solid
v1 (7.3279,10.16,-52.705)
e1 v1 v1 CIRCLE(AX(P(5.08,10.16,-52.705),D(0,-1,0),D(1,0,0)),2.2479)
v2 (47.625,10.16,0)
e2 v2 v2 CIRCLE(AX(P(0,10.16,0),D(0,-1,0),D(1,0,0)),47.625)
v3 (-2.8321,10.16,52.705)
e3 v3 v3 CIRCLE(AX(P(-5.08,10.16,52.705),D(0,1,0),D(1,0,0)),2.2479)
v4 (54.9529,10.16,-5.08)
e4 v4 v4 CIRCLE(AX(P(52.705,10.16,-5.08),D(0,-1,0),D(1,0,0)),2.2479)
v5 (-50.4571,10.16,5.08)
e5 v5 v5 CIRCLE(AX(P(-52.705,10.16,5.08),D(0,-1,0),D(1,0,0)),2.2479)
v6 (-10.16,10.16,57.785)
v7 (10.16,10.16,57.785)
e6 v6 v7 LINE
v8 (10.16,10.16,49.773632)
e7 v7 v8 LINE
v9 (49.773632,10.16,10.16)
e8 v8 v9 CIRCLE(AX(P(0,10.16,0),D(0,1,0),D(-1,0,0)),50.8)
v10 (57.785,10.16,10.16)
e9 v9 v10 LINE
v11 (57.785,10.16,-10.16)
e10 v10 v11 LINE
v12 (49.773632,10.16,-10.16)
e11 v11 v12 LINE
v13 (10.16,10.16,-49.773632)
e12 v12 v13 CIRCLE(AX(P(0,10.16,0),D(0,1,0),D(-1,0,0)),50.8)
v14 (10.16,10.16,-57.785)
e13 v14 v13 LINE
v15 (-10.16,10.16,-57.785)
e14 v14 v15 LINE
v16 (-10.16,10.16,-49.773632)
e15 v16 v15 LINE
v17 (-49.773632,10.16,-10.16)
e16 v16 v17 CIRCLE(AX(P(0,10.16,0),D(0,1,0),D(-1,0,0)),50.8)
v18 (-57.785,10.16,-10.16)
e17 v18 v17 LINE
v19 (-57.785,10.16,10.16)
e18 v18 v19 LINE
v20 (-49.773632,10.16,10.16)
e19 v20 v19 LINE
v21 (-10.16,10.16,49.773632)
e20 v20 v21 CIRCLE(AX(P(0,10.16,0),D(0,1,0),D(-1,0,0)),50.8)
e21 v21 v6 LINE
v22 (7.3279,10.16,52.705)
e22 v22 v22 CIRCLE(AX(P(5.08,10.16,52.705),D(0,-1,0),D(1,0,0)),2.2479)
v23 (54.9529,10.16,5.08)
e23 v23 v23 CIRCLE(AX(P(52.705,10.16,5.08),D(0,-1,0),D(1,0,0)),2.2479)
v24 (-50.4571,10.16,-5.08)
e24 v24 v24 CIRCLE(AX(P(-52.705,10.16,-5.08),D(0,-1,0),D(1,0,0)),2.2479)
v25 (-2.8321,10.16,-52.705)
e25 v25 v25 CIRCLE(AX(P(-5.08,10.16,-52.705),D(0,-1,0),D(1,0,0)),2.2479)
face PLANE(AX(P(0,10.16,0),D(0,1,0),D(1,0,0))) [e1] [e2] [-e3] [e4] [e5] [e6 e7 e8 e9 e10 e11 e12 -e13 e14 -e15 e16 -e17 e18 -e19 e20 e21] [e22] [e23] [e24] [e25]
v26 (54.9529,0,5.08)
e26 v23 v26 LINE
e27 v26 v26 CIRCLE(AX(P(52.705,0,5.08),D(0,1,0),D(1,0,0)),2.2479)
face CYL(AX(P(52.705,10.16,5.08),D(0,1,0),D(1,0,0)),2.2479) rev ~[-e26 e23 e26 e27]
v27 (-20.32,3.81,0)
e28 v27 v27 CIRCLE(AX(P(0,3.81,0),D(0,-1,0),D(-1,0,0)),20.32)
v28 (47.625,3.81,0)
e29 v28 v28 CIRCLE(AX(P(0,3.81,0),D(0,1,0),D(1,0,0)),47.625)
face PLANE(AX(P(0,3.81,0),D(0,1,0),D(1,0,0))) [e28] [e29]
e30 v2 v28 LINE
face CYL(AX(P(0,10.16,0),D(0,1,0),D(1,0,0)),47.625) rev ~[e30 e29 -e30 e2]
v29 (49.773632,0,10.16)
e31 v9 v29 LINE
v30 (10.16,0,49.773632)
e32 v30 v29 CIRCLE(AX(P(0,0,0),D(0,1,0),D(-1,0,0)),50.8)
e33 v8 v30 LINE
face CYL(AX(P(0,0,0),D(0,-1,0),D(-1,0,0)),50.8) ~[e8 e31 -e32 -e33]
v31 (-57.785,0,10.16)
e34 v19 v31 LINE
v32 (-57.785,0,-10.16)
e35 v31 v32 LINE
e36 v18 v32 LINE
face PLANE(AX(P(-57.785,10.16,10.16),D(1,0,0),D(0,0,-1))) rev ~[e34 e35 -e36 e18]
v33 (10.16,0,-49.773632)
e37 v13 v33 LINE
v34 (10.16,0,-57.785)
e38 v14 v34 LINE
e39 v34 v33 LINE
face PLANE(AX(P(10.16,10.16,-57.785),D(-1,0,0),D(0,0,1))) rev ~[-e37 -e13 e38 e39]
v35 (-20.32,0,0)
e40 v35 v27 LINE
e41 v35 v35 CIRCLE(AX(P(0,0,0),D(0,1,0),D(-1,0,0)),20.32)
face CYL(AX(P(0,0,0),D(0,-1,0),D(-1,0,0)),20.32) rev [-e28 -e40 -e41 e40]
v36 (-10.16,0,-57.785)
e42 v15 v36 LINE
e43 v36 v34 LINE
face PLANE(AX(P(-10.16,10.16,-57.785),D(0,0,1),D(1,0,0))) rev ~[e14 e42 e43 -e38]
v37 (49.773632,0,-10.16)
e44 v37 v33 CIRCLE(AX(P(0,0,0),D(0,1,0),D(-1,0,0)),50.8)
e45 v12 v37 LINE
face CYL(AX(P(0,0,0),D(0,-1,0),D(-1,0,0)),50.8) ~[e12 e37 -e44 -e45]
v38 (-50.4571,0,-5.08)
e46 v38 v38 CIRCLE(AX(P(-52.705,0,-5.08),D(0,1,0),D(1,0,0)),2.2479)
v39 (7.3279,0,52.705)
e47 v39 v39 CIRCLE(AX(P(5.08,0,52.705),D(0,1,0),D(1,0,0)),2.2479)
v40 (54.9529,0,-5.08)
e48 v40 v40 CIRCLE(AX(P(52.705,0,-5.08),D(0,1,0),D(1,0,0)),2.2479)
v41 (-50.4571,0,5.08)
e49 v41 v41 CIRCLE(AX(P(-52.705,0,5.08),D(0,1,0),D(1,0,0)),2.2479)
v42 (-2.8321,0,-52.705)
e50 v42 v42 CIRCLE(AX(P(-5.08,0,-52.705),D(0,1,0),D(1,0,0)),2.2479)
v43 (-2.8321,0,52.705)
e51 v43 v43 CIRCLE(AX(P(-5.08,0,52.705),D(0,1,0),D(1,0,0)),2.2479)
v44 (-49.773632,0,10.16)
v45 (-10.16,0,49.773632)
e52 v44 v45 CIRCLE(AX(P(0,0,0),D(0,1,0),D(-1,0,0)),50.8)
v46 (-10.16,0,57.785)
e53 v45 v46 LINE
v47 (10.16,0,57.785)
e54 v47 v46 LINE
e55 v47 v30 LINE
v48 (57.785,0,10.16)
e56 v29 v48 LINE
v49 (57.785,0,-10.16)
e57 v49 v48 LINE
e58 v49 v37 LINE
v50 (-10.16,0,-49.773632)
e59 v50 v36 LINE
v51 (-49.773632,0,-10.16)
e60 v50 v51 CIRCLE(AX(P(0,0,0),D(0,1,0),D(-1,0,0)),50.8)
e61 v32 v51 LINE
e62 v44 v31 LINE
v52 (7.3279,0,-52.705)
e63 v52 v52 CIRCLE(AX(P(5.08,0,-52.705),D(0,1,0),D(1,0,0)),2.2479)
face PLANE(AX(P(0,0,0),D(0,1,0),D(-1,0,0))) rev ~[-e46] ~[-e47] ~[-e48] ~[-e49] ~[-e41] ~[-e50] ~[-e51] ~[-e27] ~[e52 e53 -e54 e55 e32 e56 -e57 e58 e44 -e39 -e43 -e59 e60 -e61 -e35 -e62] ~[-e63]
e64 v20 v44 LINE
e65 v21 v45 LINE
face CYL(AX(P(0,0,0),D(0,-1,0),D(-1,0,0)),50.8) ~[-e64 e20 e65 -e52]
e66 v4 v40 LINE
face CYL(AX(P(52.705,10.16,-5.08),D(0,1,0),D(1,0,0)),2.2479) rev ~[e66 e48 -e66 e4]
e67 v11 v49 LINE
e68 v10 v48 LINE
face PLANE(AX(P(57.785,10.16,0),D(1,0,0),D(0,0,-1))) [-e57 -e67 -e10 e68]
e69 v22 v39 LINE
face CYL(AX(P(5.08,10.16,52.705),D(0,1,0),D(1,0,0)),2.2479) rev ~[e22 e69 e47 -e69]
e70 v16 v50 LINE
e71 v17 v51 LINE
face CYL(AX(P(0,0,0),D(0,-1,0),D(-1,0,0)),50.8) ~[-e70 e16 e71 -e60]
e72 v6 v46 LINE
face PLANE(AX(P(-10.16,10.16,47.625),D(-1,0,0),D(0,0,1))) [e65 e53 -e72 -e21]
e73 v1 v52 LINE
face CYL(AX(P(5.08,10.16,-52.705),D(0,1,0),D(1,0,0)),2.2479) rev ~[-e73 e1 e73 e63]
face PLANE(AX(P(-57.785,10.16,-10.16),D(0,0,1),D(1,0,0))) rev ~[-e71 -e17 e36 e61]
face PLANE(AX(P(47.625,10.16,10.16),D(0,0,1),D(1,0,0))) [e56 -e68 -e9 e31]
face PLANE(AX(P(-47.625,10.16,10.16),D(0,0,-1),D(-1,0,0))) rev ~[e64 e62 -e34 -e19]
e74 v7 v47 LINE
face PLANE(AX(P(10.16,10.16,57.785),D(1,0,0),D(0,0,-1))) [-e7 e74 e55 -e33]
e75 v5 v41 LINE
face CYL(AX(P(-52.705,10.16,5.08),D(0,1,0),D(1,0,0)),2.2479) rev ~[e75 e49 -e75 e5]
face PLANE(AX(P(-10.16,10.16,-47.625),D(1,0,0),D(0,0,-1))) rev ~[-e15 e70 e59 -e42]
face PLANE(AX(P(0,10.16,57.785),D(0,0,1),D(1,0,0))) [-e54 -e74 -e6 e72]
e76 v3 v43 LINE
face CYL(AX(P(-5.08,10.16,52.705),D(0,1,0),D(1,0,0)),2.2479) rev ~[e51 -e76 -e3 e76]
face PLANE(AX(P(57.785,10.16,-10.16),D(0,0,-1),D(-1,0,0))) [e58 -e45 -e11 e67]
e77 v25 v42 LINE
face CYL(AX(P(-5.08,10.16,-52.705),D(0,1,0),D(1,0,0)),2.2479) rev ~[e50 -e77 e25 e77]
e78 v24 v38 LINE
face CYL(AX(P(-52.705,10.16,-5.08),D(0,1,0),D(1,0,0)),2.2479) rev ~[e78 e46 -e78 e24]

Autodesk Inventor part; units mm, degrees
ref_plane "YZ Plane" through (0, 0, 0) normal (1, 0, 0) x (0, 1, 0)
ref_plane "XZ Plane" through (0, 0, 0) normal (0, 1, 0) x (-1, 0, 0)
ref_plane "XY Plane" through (0, 0, 0) normal (0, 0, 1) x (1, 0, 0)
sketch "Sketch1" plane through (0, 0, 0) normal (0, 1, 0) x (-1, 0, 0)
  circle A0 centre (0, 0) radius 50.8
  circle A1 centre (0, 0) radius 20.32
  dimension "d0" = 101.6
  dimension "d1" = 40.64
extrude "Extrusion1" add sketch "Sketch1" along normal blind 10.16
sketch "Sketch2" plane through (0, 10.16, 0) normal (0, 1, 0) x (1, 0, 0)
  circle A0 centre (0, 0) radius 47.625
  dimension "d4" = 95.25
extrude "Extrusion2" cut sketch "Sketch2" against normal blind 6.35
sketch "Sketch3" plane through (0, 10.16, 0) normal (0, 1, 0) x (1, 0, 0)
  circle A0 centre (0, 0) radius 47.625 projected
  line L0 (-47.625, 0) -> (-57.785, 0)
  line L1 (-57.785, 0) -> (-57.785, 10.16)
  line L2 (-57.785, 10.16) -> (-47.625, 10.16)
  line L3 (-47.625, 10.16) -> (-47.625, -10.16)
  line L4 (-47.625, -10.16) -> (-57.785, -10.16)
  line L5 (-57.785, -10.16) -> (-57.785, 0)
  line L6 (0, 47.625) -> (0, 57.785)
  line L7 (0, 57.785) -> (10.16, 57.785)
  line L8 (10.16, 57.785) -> (10.16, 47.625)
  line L9 (10.16, 47.625) -> (-10.16, 47.625)
  line L10 (-10.16, 47.625) -> (-10.16, 57.785)
  line L11 (-10.16, 57.785) -> (0, 57.785)
  line L12 (47.625, 0) -> (57.785, 0)
  line L13 (57.785, 0) -> (57.785, 10.16)
  line L14 (57.785, 10.16) -> (47.625, 10.16)
  line L15 (47.625, 10.16) -> (47.625, -10.16)
  line L16 (47.625, -10.16) -> (57.785, -10.16)
  line L17 (57.785, -10.16) -> (57.785, 0)
  line L18 (0, -47.625) -> (0, -57.785)
  line L19 (0, -57.785) -> (10.16, -57.785)
  line L20 (10.16, -57.785) -> (10.16, -47.625)
  line L21 (10.16, -47.625) -> (-10.16, -47.625)
  line L22 (-10.16, -47.625) -> (-10.16, -57.785)
  line L23 (-10.16, -57.785) -> (0, -57.785)
  dimension "d7" = 10.16
  dimension "d8" = 10.16
  dimension "d9" = 20.32
  dimension "d10" = 10.16
  dimension "d11" = 10.16
  dimension "d12" = 10.16
  dimension "d13" = 20.32
  dimension "d14" = 10.16
  dimension "d15" = 10.16
  dimension "d16" = 10.16
  dimension "d17" = 20.32
  dimension "d18" = 10.16
  dimension "d19" = 10.16
  dimension "d20" = 10.16
  dimension "d21" = 10.16
  dimension "d22" = 20.32
  dimension "d23" = 10.16
extrude "Extrusion3" add sketch "Sketch3" against normal up to surface (10.16 mm away) contours L21 L20 L19 L18 | L18 L23 L22 L21 | L3 L4 L5 L0 | L0 L1 L2 L3 | L9 L10 L11 L6 | L6 L7 L8 L9 | L15 L14 L13 L12 | L12 L17 L16 L15
sketch "Sketch4" plane through (0, 10.16, 0) normal (0, 1, 0) x (1, 0, 0)
  line L0 (-57.785, 10.16) -> (-57.785, -10.16) projected
  line L1 (-57.785, 10.16) -> (-52.705, 10.16)
  line L2 (-49.7736, 10.16) -> (-57.785, 10.16) projected
  line L3 (-52.705, 10.16) -> (-52.705, 5.08)
  line L4 (-52.705, 5.08) -> (-52.705, -5.08)
  line L5 (-10.16, 57.785) -> (-10.16, 49.7736) projected
  line L6 (-10.16, 57.785) -> (-10.16, 52.705)
  line L7 (-10.16, 52.705) -> (-5.08, 52.705)
  line L8 (-5.08, 52.705) -> (5.08, 52.705)
  line L9 (49.7736, 10.16) -> (57.785, 10.16) projected
  line L10 (57.785, 10.16) -> (52.705, 10.16)
  line L11 (52.705, 10.16) -> (52.705, 5.08)
  line L12 (52.705, 5.08) -> (52.705, -5.08)
  line L13 (10.16, -49.7736) -> (10.16, -57.785) projected
  line L14 (10.16, -57.785) -> (10.16, -52.705)
  line L15 (10.16, -52.705) -> (5.08, -52.705)
  line L16 (5.08, -52.705) -> (-5.08, -52.705)
  circle A0 centre (-52.705, -5.08) radius 2.2479
  circle A1 centre (-52.705, 5.08) radius 2.2479
  circle A2 centre (-5.08, 52.705) radius 2.2479
  circle A3 centre (5.08, 52.705) radius 2.2479
  circle A4 centre (52.705, 5.08) radius 2.2479
  circle A5 centre (52.705, -5.08) radius 2.2479
  circle A6 centre (-5.08, -52.705) radius 2.2479
  circle A7 centre (5.08, -52.705) radius 2.2479
  point P0 (0, 0)
  dimension "d26" = 5.08
  dimension "d27" = 5.08
  dimension "d28" = 10.16
  dimension "d29" = 5.08
  dimension "d30" = 5.08
  dimension "d31" = 10.16
  dimension "d32" = 5.08
  dimension "d33" = 5.08
  dimension "d34" = 10.16
  dimension "d35" = 5.08
  dimension "d36" = 5.08
  dimension "d37" = 10.16
  dimension "d38" = 4.4958
  dimension "d39" = 4.4958
  dimension "d40" = 4.4958
  dimension "d41" = 4.4958
  dimension "d42" = 4.4958
  dimension "d43" = 4.4958
  dimension "d44" = 4.4958
extrude "Extrusion4" cut sketch "Sketch4" against normal blind 25.4
properties part number "CO-0-01-PlanetaryCap"
